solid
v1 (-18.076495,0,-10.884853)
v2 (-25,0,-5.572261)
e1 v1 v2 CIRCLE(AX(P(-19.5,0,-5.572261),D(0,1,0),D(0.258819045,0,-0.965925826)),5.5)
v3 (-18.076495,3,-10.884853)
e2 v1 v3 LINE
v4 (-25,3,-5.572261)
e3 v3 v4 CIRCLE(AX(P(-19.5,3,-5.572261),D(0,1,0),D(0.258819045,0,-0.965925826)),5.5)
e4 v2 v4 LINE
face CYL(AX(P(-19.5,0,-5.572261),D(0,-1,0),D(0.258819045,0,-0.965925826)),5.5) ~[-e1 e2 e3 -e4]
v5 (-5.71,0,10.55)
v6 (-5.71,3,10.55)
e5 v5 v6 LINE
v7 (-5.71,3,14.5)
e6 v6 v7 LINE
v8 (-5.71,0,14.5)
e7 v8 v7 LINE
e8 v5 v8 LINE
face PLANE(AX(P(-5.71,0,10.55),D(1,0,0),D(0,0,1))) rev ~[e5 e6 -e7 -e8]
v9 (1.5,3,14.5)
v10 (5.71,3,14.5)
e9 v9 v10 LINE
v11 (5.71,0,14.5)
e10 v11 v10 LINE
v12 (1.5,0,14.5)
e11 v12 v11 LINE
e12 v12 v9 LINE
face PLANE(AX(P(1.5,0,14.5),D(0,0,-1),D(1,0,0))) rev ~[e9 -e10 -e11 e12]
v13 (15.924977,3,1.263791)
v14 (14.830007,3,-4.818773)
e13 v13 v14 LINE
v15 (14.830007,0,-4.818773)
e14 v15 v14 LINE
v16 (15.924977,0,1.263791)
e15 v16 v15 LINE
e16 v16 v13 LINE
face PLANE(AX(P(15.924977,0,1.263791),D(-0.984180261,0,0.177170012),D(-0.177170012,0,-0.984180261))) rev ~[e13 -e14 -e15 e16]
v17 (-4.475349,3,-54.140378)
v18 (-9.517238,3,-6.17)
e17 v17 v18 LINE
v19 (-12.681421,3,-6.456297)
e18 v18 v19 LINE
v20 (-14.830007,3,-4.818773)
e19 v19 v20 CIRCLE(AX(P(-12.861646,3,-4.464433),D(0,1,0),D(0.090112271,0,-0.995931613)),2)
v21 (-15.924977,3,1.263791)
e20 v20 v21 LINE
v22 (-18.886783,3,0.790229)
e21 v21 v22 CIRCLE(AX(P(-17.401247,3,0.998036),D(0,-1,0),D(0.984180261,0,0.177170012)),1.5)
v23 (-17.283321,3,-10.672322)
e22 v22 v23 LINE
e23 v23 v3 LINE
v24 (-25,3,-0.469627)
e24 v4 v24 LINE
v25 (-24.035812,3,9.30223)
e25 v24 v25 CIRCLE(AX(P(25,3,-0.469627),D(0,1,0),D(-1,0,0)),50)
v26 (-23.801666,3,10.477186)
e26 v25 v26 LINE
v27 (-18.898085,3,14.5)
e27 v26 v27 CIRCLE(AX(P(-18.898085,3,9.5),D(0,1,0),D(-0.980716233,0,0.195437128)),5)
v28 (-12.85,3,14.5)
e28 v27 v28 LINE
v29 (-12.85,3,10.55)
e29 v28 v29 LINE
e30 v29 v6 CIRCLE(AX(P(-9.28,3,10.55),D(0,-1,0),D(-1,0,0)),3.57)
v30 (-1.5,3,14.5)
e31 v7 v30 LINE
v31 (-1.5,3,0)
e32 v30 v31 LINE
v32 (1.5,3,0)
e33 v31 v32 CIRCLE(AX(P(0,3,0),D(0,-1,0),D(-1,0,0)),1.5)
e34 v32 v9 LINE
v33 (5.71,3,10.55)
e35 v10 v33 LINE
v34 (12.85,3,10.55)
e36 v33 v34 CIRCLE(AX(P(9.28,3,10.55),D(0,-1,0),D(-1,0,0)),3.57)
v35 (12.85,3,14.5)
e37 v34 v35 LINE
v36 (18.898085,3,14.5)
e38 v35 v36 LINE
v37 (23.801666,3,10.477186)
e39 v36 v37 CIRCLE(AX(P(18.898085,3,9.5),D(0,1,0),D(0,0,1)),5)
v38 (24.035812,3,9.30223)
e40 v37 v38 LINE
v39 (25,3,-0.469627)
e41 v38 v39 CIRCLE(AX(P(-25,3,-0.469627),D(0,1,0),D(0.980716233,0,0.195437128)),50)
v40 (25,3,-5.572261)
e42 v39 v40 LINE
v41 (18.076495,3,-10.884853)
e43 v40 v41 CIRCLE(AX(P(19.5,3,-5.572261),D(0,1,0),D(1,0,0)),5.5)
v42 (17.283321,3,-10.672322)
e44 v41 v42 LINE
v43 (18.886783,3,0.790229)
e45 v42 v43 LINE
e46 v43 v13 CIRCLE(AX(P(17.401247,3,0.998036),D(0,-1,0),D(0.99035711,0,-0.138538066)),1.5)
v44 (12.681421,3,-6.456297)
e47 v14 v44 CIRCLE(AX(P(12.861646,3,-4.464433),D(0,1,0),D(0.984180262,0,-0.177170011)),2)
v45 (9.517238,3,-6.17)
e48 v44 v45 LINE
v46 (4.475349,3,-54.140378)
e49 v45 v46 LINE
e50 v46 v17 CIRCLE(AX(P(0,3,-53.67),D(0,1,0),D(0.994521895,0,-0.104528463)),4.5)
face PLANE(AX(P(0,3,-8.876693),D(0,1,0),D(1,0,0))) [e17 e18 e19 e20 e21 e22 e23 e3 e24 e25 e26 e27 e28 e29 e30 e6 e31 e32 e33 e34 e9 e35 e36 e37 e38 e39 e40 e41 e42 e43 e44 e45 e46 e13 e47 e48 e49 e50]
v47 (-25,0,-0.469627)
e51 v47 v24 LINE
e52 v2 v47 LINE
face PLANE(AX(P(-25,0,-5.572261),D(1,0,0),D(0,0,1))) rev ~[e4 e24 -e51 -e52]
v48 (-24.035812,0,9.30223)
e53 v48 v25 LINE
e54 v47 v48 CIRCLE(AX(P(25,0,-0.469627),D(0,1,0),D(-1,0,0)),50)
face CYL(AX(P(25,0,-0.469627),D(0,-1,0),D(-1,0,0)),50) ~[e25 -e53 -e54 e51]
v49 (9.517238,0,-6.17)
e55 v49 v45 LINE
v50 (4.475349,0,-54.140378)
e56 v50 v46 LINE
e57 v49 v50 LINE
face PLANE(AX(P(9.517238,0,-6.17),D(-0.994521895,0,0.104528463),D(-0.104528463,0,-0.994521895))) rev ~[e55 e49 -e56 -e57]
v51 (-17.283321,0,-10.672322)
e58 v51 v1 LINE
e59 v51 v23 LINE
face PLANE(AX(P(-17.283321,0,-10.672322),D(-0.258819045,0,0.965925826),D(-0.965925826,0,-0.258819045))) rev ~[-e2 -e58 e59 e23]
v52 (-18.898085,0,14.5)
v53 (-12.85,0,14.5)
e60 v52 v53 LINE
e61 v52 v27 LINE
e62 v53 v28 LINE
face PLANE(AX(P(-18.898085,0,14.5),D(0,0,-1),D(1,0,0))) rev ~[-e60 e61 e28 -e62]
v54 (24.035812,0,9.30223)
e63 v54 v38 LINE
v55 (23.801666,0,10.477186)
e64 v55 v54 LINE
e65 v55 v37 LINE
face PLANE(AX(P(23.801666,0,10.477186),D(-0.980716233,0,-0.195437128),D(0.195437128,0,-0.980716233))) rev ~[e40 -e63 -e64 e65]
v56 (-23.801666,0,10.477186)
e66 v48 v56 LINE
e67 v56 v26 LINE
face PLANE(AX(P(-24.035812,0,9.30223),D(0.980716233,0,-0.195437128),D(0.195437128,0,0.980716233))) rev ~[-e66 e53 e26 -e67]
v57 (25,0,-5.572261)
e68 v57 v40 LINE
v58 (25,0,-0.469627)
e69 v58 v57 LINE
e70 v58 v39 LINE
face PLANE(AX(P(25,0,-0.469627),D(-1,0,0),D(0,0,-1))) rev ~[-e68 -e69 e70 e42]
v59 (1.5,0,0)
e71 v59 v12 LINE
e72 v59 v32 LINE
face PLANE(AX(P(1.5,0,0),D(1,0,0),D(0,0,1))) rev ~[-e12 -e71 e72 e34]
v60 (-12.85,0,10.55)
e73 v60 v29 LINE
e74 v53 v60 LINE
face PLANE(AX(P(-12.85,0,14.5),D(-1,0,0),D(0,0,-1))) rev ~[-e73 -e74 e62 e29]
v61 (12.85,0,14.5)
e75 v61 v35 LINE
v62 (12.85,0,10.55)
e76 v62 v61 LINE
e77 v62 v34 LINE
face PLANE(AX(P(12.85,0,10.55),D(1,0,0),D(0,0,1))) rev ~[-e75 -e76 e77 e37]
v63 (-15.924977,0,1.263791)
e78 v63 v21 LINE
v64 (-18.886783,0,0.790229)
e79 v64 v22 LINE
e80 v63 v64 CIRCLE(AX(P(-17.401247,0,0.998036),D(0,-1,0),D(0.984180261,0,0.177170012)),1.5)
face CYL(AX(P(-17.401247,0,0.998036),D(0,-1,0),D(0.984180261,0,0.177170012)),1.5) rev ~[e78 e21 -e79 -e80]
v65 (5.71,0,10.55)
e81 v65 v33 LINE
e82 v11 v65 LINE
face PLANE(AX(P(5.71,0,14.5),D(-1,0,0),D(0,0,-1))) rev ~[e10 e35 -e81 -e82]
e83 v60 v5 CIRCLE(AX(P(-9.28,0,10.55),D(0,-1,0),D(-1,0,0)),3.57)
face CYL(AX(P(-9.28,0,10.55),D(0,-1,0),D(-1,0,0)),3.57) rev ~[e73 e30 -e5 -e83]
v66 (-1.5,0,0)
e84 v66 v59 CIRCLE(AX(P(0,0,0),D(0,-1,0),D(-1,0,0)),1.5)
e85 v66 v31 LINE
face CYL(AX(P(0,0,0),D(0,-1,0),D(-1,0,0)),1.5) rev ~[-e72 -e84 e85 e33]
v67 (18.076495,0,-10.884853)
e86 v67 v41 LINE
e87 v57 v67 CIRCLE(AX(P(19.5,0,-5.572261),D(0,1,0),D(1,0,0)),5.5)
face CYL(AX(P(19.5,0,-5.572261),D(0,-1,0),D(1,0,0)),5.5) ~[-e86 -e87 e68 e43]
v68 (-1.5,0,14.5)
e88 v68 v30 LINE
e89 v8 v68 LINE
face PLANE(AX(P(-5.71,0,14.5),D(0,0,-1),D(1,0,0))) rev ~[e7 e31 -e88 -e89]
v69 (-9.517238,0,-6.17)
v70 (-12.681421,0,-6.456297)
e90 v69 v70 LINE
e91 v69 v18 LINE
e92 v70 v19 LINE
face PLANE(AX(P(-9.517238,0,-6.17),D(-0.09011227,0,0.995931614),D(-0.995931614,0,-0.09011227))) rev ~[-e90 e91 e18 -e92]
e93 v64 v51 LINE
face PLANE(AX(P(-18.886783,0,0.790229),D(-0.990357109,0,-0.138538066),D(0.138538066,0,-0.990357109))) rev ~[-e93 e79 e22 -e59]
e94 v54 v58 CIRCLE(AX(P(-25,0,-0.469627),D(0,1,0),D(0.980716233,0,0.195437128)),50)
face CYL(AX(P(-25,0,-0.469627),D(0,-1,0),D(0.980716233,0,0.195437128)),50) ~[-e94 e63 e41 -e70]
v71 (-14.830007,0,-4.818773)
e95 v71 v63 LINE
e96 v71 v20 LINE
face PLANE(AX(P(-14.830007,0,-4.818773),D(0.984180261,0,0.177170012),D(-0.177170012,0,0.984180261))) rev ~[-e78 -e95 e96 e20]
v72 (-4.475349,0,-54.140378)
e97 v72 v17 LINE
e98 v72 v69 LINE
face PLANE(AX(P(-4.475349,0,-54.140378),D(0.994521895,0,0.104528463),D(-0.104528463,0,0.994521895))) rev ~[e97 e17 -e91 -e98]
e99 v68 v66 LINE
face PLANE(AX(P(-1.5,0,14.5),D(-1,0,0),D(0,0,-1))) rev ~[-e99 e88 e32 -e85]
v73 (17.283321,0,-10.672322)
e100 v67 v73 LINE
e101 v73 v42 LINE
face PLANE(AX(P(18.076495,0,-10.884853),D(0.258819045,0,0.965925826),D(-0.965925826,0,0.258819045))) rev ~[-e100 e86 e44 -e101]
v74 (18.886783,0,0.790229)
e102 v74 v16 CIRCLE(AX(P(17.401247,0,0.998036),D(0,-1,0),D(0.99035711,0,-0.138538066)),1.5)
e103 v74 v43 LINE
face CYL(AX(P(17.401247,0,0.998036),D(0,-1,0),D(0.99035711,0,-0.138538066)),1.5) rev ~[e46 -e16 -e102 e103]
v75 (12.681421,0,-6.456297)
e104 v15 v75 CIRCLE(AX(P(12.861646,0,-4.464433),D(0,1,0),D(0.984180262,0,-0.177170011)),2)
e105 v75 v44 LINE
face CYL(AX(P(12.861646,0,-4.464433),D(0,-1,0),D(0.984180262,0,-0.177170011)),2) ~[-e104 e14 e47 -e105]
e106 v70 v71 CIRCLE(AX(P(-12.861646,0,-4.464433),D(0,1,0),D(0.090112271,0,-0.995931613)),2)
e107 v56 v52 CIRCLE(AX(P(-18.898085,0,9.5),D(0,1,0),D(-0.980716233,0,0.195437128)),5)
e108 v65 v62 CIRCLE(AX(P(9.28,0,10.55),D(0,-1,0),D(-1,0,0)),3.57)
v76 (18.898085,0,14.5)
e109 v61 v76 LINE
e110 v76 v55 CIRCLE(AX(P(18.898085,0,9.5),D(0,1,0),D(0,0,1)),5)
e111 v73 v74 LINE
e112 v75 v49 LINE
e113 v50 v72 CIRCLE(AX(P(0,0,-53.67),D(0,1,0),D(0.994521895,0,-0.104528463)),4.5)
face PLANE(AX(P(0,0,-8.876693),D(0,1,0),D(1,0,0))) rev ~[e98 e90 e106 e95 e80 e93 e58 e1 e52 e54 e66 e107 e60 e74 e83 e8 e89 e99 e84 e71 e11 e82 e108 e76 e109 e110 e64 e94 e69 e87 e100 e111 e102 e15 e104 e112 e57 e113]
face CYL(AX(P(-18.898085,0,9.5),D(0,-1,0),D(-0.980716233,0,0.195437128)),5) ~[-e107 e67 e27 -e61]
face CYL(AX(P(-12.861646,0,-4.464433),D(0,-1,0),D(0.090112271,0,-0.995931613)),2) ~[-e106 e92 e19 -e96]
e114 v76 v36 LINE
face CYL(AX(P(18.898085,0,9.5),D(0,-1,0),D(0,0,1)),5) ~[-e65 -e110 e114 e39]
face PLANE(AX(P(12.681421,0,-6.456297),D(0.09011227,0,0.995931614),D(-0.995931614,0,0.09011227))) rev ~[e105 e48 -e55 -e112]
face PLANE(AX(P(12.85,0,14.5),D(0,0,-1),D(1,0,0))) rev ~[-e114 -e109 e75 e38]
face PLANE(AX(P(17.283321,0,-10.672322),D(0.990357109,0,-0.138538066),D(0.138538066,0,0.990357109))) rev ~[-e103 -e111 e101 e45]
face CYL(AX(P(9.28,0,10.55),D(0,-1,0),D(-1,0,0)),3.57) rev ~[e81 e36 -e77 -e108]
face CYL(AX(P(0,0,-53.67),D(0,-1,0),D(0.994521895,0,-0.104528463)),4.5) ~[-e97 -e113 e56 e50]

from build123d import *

# Parameters (mm, degrees)
BOSS_EXTRUDE1_DEPTH = 3


with BuildPart() as part:
    # Sketch1 → Boss-Extrude1 (new body)
    with BuildSketch(Plane(origin=(0, 0, 0), x_dir=(1, 0, 0), z_dir=(0, 1, 0))):
        with BuildLine():
            Line((9.517238433, 6.170000059), (4.475348529, 54.140378143))
            ThreePointArc((4.475348529, 54.140378143), (0, 58.170000059), (-4.475348529, 54.140378143))
            Line((-4.475348529, 54.140378143), (-9.517238433, 6.170000059))
            Line((-9.517238433, 6.170000059), (-12.681421496, 6.456296542))
            ThreePointArc((-12.681421496, 6.456296542), (-14.073969481, 6.055116146), (-14.830006559, 4.818773339))
            Line((-14.830006559, 4.818773339), (-15.924976658, -1.263790774))
            ThreePointArc((-15.924976658, -1.263790774), (-17.63807349, -2.479222243), (-18.88678283, -0.790228639))
            Line((-18.88678283, -0.790228639), (-17.283321202, 10.672322207))
            Line((-17.283321202, 10.672322207), (-18.076495252, 10.884852553))
            ThreePointArc((-18.076495252, 10.884852553), (-22.84818786, 9.93570388), (-25, 5.572260508))
            Line((-25, 5.572260508), (-25, 0.469626677))
            ThreePointArc((-25, 0.469626677), (-24.758369054, -4.440028009), (-24.035811635, -9.302229714))
            Line((-24.035811635, -9.302229714), (-23.801666433, -10.47718558))
            ThreePointArc((-23.801666433, -10.47718558), (-22.069368276, -13.365612971), (-18.89808527, -14.499999941))
            Line((-18.89808527, -14.499999941), (-12.85, -14.499999941))
            Line((-12.85, -14.499999941), (-12.85, -10.549999941))
            ThreePointArc((-12.85, -10.549999941), (-9.28, -6.979999941), (-5.71, -10.549999941))
            Line((-5.71, -10.549999941), (-5.71, -14.499999941))
            Line((-5.71, -14.499999941), (-1.500000059, -14.499999941))
            Line((-1.500000059, -14.499999941), (-1.500000059, 0))
            ThreePointArc((-1.500000059, 0), (0, 1.500000059), (1.500000059, 0))
            Line((1.500000059, 0), (1.500000059, -14.499999941))
            Line((1.500000059, -14.499999941), (5.71, -14.499999941))
            Line((5.71, -14.499999941), (5.71, -10.549999941))
            ThreePointArc((5.71, -10.549999941), (9.28, -6.979999941), (12.85, -10.549999941))
            Line((12.85, -10.549999941), (12.85, -14.499999941))
            Line((12.85, -14.499999941), (18.89808527, -14.499999941))
            ThreePointArc((18.89808527, -14.499999941), (22.069368276, -13.365612971), (23.801666433, -10.47718558))
            Line((23.801666433, -10.47718558), (24.035811635, -9.302229714))
            ThreePointArc((24.035811635, -9.302229714), (24.758369054, -4.440028009), (25, 0.469626677))
            Line((25, 0.469626677), (25, 5.572260508))
            ThreePointArc((25, 5.572260508), (22.84818786, 9.93570388), (18.076495252, 10.884852553))
            Line((18.076495252, 10.884852553), (17.283321202, 10.672322207))
            Line((17.283321202, 10.672322207), (18.88678283, -0.790228639))
            ThreePointArc((18.88678283, -0.790228639), (17.63807349, -2.479222243), (15.924976658, -1.263790774))
            Line((15.924976658, -1.263790774), (14.830006559, 4.818773339))
            ThreePointArc((14.830006559, 4.818773339), (14.073969481, 6.055116146), (12.681421496, 6.456296542))
            Line((12.681421496, 6.456296542), (9.517238433, 6.170000059))
        make_face()
    extrude(amount=BOSS_EXTRUDE1_DEPTH)


solid = part.part
